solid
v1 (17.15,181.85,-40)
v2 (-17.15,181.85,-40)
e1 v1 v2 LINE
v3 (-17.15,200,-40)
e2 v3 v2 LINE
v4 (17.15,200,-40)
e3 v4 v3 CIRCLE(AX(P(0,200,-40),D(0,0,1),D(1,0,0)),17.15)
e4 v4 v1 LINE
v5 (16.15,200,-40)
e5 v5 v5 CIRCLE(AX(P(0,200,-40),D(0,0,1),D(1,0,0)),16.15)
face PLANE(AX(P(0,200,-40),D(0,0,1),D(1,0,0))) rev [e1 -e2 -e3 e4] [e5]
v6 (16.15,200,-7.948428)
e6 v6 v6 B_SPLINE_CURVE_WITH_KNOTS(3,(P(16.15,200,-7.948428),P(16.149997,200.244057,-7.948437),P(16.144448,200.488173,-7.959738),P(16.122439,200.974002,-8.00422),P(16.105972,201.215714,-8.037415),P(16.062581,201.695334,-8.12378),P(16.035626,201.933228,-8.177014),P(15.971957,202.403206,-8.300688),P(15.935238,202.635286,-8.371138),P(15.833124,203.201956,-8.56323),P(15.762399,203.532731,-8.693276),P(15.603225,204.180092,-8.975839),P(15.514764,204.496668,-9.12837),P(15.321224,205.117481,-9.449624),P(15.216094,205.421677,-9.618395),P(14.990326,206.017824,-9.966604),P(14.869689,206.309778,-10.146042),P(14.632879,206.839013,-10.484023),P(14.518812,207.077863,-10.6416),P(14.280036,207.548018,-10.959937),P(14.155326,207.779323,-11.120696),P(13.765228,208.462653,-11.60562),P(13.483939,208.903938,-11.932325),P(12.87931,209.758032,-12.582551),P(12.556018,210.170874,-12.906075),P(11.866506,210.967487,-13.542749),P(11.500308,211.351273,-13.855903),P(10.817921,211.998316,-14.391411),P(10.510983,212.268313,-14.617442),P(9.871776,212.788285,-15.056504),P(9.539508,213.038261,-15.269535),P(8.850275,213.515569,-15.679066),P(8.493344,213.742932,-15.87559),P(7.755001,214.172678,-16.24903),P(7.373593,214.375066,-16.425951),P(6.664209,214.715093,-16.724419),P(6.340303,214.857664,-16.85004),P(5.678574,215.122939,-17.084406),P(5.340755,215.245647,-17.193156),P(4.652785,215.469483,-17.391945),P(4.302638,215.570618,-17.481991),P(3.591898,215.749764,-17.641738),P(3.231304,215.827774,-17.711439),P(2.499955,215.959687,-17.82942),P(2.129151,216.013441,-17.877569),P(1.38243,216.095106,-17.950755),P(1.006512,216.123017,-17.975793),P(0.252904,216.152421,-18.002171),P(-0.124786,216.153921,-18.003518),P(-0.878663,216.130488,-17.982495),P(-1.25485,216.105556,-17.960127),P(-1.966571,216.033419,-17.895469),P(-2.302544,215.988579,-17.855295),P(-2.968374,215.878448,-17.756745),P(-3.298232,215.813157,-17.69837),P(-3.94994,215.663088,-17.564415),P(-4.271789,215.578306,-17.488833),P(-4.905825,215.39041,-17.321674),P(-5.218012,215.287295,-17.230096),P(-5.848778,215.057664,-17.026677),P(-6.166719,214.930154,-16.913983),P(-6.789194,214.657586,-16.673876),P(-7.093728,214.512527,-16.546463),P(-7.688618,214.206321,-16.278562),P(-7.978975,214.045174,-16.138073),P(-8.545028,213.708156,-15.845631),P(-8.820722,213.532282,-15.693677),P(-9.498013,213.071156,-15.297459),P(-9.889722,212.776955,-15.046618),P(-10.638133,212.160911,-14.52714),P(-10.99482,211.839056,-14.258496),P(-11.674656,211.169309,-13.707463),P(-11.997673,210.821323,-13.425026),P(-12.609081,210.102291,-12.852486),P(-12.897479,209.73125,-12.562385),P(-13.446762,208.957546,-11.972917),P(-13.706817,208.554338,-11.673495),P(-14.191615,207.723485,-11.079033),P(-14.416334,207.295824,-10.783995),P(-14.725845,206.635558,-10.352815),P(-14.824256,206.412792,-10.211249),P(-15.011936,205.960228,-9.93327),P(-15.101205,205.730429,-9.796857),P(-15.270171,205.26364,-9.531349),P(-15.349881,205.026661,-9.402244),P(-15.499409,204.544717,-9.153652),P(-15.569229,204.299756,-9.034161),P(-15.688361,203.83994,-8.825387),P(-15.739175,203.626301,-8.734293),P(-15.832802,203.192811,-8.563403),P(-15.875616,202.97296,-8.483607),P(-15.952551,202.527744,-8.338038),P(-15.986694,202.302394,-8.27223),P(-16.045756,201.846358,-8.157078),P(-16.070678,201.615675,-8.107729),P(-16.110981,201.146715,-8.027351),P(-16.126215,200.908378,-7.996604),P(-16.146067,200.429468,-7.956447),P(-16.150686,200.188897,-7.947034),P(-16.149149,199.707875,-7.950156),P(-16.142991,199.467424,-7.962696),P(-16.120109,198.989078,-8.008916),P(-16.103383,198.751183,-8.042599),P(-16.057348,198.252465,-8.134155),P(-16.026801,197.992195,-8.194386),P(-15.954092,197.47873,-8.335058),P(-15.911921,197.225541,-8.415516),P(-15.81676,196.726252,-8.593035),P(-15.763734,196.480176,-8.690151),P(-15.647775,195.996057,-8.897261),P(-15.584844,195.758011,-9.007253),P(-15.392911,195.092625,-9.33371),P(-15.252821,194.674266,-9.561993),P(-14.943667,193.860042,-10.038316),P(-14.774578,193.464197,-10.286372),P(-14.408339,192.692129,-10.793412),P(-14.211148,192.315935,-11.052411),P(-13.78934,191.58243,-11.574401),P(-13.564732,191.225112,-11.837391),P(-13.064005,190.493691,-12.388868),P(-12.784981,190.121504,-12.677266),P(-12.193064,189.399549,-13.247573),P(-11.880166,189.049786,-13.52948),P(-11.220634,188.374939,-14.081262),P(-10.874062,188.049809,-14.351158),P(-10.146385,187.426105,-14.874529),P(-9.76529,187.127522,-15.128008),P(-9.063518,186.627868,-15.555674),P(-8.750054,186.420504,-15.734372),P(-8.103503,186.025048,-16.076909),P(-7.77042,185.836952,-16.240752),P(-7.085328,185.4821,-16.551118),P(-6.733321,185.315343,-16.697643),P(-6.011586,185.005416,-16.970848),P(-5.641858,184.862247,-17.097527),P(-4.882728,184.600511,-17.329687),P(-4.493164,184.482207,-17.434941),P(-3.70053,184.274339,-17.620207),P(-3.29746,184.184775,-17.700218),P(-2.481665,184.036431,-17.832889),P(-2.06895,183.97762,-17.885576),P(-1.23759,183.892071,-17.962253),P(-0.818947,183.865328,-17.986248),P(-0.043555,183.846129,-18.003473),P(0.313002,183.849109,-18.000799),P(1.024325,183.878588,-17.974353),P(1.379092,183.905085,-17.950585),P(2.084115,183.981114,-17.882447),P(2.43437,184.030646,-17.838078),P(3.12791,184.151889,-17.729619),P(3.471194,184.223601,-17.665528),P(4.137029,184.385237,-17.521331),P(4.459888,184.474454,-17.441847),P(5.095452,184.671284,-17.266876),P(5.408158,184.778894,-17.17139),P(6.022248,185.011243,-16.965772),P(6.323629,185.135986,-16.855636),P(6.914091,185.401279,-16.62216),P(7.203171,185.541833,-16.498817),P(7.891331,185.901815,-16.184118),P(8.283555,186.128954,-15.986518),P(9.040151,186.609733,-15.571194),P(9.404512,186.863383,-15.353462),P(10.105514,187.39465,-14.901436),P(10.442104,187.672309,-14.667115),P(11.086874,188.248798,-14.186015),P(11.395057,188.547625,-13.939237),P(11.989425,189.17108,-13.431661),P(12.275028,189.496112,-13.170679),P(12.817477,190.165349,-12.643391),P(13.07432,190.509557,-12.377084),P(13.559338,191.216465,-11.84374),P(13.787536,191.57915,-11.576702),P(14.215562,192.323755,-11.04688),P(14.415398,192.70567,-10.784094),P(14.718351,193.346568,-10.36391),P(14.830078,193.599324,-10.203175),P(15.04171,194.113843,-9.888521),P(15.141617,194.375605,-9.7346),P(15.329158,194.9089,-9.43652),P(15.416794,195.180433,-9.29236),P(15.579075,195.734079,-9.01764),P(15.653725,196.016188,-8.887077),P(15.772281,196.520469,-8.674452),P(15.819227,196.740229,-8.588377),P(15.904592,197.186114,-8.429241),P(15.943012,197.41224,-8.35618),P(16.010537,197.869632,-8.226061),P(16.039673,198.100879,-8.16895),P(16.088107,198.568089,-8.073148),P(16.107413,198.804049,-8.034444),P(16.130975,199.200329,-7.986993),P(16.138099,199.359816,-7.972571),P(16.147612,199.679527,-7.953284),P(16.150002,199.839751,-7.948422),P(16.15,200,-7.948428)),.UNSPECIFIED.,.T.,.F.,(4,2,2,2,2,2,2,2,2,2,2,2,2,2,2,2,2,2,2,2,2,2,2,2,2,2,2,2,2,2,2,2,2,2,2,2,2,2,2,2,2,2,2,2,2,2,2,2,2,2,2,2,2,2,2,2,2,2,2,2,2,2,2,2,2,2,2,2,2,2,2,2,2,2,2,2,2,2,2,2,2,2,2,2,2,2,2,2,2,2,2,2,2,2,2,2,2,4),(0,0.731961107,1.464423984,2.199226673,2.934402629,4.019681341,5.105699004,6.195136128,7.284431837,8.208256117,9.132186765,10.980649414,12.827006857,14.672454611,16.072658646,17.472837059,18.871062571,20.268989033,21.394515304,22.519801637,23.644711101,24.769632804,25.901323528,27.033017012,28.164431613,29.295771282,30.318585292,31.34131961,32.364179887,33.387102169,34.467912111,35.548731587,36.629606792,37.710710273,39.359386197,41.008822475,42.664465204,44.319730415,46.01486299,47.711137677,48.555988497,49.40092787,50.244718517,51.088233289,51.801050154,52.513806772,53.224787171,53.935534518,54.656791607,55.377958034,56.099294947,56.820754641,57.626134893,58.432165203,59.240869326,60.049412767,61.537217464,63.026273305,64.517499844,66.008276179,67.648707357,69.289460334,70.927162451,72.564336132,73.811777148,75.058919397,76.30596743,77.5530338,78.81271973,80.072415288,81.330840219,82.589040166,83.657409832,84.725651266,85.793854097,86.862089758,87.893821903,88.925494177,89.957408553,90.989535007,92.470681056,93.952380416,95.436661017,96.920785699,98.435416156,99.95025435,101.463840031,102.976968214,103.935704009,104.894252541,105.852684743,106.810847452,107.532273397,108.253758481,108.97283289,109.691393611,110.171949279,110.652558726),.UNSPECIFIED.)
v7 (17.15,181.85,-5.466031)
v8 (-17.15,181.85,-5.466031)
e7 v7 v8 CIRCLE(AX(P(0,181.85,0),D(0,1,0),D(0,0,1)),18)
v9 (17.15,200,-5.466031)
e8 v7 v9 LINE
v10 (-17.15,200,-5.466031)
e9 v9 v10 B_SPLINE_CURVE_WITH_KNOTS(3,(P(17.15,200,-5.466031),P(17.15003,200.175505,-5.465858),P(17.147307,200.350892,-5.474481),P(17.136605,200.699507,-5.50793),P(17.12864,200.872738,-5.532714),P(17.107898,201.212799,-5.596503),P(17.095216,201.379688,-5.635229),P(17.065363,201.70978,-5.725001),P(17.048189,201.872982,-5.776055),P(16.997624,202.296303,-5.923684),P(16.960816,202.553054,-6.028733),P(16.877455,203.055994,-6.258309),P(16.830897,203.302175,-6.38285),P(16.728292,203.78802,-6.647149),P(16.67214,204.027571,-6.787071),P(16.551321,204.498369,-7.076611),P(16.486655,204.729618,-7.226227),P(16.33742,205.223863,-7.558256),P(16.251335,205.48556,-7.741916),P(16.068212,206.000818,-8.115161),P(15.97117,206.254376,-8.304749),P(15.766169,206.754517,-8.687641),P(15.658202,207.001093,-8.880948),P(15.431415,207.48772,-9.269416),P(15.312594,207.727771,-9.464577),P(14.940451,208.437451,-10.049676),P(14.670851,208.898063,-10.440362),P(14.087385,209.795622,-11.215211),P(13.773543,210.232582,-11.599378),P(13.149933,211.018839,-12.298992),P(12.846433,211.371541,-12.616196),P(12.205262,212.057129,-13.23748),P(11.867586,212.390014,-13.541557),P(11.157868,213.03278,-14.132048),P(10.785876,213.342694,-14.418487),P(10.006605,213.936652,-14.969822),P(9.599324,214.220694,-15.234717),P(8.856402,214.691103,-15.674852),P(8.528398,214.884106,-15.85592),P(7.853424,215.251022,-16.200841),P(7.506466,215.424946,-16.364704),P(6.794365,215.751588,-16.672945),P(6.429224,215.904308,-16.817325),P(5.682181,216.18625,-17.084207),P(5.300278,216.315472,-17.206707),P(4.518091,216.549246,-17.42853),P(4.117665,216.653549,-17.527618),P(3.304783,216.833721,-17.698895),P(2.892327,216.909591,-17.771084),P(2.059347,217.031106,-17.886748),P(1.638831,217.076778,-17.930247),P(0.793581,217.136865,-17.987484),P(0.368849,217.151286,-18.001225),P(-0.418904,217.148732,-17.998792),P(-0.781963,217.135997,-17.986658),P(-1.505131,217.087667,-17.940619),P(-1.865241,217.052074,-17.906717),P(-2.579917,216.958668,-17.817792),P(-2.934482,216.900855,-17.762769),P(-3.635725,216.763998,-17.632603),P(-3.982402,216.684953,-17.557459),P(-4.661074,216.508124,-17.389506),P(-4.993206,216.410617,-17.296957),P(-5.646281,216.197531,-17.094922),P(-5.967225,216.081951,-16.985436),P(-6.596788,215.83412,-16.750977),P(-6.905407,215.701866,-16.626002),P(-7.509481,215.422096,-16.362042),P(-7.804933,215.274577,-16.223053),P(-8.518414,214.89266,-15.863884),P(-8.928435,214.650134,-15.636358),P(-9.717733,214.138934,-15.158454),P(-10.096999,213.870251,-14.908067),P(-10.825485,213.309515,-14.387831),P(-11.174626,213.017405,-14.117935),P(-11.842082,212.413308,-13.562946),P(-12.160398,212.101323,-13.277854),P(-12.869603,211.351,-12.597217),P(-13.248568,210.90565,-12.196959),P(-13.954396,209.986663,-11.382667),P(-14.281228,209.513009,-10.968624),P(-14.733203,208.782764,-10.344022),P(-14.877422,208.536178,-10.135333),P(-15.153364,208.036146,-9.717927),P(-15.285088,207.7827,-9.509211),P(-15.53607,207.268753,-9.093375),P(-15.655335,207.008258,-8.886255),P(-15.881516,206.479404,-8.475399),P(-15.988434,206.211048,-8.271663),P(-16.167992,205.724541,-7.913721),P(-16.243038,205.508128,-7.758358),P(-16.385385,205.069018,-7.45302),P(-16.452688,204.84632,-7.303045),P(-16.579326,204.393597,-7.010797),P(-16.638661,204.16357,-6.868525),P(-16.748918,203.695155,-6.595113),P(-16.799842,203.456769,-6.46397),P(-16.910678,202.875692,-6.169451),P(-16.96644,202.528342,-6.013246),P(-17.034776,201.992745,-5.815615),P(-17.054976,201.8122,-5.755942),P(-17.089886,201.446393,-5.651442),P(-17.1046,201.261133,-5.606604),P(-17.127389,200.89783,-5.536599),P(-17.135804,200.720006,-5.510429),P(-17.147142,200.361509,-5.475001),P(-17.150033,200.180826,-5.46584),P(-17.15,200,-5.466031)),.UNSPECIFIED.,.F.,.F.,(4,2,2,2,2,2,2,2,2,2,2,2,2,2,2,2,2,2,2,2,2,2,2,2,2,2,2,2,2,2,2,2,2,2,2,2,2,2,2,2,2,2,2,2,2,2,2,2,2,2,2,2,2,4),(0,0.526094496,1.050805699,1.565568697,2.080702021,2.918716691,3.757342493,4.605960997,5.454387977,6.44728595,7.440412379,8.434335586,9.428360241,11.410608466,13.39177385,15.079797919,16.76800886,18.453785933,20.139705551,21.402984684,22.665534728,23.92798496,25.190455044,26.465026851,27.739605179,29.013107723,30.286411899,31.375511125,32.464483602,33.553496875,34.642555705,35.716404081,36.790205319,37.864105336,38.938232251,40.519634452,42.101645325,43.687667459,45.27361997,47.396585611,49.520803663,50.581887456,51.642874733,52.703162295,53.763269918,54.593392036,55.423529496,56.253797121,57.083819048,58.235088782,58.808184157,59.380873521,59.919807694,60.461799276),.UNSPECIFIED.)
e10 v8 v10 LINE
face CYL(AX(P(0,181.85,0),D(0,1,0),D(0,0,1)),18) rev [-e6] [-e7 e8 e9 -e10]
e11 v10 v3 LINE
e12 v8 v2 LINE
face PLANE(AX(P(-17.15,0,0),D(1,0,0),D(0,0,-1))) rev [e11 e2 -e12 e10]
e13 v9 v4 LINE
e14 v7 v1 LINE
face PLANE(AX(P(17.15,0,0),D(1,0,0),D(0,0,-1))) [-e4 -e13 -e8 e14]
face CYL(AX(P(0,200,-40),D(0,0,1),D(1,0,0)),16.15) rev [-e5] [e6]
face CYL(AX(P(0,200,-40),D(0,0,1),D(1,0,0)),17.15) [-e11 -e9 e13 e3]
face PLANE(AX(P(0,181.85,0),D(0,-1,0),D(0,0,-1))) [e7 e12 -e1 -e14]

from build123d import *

# Parameters (mm, degrees)
SKETCH1_R           = 17.15
SKETCH1_R_2         = 16.15
BOSS_EXTRUDE1_DEPTH = 40
BOSS_EXTRUDE2_DEPTH = 40
SKETCH2_R           = 18
CUT_EXTRUDE1_DEPTH  = 369.15


with BuildPart() as part:
    # Sketch1 → Boss-Extrude1 (new body)
    with BuildSketch(Plane.XY):
        with Locations((0, 200)):
            Circle(SKETCH1_R)
        with Locations((0, 200)):
            Circle(SKETCH1_R_2, mode=Mode.SUBTRACT)
    extrude(amount=-BOSS_EXTRUDE1_DEPTH)

    # Sketch3 → Boss-Extrude2 (add)
    with BuildSketch(Plane(origin=(0, 0, -40), x_dir=(-1, 0, 0), z_dir=(0, 0, -1))):
        Polygon((17.15, 182.85), (17.15, 181.85), (-17.15, 181.85), (-17.15, 182.85), (0, 182.85), align=None)
        with BuildLine():
            Line((17.15, 182.85), (17.15, 200))
            ThreePointArc((17.15, 200), (12.126881297, 187.873118703), (0, 182.85))
            Line((0, 182.85), (17.15, 182.85))
        make_face()
        with BuildLine():
            ThreePointArc((0, 182.85), (-12.126881297, 187.873118703), (-17.15, 200))
            Line((-17.15, 200), (-17.15, 182.85))
            Line((-17.15, 182.85), (0, 182.85))
        make_face()
    extrude(amount=-BOSS_EXTRUDE2_DEPTH)

    # Sketch2 → Cut-Extrude1 (cut, through all)
    with BuildSketch(Plane(origin=(0, 550, 0), x_dir=(1, 0, 0), z_dir=(0, 1, 0))):
        Circle(SKETCH2_R)
    extrude(amount=-CUT_EXTRUDE1_DEPTH, mode=Mode.SUBTRACT)


solid = part.part
